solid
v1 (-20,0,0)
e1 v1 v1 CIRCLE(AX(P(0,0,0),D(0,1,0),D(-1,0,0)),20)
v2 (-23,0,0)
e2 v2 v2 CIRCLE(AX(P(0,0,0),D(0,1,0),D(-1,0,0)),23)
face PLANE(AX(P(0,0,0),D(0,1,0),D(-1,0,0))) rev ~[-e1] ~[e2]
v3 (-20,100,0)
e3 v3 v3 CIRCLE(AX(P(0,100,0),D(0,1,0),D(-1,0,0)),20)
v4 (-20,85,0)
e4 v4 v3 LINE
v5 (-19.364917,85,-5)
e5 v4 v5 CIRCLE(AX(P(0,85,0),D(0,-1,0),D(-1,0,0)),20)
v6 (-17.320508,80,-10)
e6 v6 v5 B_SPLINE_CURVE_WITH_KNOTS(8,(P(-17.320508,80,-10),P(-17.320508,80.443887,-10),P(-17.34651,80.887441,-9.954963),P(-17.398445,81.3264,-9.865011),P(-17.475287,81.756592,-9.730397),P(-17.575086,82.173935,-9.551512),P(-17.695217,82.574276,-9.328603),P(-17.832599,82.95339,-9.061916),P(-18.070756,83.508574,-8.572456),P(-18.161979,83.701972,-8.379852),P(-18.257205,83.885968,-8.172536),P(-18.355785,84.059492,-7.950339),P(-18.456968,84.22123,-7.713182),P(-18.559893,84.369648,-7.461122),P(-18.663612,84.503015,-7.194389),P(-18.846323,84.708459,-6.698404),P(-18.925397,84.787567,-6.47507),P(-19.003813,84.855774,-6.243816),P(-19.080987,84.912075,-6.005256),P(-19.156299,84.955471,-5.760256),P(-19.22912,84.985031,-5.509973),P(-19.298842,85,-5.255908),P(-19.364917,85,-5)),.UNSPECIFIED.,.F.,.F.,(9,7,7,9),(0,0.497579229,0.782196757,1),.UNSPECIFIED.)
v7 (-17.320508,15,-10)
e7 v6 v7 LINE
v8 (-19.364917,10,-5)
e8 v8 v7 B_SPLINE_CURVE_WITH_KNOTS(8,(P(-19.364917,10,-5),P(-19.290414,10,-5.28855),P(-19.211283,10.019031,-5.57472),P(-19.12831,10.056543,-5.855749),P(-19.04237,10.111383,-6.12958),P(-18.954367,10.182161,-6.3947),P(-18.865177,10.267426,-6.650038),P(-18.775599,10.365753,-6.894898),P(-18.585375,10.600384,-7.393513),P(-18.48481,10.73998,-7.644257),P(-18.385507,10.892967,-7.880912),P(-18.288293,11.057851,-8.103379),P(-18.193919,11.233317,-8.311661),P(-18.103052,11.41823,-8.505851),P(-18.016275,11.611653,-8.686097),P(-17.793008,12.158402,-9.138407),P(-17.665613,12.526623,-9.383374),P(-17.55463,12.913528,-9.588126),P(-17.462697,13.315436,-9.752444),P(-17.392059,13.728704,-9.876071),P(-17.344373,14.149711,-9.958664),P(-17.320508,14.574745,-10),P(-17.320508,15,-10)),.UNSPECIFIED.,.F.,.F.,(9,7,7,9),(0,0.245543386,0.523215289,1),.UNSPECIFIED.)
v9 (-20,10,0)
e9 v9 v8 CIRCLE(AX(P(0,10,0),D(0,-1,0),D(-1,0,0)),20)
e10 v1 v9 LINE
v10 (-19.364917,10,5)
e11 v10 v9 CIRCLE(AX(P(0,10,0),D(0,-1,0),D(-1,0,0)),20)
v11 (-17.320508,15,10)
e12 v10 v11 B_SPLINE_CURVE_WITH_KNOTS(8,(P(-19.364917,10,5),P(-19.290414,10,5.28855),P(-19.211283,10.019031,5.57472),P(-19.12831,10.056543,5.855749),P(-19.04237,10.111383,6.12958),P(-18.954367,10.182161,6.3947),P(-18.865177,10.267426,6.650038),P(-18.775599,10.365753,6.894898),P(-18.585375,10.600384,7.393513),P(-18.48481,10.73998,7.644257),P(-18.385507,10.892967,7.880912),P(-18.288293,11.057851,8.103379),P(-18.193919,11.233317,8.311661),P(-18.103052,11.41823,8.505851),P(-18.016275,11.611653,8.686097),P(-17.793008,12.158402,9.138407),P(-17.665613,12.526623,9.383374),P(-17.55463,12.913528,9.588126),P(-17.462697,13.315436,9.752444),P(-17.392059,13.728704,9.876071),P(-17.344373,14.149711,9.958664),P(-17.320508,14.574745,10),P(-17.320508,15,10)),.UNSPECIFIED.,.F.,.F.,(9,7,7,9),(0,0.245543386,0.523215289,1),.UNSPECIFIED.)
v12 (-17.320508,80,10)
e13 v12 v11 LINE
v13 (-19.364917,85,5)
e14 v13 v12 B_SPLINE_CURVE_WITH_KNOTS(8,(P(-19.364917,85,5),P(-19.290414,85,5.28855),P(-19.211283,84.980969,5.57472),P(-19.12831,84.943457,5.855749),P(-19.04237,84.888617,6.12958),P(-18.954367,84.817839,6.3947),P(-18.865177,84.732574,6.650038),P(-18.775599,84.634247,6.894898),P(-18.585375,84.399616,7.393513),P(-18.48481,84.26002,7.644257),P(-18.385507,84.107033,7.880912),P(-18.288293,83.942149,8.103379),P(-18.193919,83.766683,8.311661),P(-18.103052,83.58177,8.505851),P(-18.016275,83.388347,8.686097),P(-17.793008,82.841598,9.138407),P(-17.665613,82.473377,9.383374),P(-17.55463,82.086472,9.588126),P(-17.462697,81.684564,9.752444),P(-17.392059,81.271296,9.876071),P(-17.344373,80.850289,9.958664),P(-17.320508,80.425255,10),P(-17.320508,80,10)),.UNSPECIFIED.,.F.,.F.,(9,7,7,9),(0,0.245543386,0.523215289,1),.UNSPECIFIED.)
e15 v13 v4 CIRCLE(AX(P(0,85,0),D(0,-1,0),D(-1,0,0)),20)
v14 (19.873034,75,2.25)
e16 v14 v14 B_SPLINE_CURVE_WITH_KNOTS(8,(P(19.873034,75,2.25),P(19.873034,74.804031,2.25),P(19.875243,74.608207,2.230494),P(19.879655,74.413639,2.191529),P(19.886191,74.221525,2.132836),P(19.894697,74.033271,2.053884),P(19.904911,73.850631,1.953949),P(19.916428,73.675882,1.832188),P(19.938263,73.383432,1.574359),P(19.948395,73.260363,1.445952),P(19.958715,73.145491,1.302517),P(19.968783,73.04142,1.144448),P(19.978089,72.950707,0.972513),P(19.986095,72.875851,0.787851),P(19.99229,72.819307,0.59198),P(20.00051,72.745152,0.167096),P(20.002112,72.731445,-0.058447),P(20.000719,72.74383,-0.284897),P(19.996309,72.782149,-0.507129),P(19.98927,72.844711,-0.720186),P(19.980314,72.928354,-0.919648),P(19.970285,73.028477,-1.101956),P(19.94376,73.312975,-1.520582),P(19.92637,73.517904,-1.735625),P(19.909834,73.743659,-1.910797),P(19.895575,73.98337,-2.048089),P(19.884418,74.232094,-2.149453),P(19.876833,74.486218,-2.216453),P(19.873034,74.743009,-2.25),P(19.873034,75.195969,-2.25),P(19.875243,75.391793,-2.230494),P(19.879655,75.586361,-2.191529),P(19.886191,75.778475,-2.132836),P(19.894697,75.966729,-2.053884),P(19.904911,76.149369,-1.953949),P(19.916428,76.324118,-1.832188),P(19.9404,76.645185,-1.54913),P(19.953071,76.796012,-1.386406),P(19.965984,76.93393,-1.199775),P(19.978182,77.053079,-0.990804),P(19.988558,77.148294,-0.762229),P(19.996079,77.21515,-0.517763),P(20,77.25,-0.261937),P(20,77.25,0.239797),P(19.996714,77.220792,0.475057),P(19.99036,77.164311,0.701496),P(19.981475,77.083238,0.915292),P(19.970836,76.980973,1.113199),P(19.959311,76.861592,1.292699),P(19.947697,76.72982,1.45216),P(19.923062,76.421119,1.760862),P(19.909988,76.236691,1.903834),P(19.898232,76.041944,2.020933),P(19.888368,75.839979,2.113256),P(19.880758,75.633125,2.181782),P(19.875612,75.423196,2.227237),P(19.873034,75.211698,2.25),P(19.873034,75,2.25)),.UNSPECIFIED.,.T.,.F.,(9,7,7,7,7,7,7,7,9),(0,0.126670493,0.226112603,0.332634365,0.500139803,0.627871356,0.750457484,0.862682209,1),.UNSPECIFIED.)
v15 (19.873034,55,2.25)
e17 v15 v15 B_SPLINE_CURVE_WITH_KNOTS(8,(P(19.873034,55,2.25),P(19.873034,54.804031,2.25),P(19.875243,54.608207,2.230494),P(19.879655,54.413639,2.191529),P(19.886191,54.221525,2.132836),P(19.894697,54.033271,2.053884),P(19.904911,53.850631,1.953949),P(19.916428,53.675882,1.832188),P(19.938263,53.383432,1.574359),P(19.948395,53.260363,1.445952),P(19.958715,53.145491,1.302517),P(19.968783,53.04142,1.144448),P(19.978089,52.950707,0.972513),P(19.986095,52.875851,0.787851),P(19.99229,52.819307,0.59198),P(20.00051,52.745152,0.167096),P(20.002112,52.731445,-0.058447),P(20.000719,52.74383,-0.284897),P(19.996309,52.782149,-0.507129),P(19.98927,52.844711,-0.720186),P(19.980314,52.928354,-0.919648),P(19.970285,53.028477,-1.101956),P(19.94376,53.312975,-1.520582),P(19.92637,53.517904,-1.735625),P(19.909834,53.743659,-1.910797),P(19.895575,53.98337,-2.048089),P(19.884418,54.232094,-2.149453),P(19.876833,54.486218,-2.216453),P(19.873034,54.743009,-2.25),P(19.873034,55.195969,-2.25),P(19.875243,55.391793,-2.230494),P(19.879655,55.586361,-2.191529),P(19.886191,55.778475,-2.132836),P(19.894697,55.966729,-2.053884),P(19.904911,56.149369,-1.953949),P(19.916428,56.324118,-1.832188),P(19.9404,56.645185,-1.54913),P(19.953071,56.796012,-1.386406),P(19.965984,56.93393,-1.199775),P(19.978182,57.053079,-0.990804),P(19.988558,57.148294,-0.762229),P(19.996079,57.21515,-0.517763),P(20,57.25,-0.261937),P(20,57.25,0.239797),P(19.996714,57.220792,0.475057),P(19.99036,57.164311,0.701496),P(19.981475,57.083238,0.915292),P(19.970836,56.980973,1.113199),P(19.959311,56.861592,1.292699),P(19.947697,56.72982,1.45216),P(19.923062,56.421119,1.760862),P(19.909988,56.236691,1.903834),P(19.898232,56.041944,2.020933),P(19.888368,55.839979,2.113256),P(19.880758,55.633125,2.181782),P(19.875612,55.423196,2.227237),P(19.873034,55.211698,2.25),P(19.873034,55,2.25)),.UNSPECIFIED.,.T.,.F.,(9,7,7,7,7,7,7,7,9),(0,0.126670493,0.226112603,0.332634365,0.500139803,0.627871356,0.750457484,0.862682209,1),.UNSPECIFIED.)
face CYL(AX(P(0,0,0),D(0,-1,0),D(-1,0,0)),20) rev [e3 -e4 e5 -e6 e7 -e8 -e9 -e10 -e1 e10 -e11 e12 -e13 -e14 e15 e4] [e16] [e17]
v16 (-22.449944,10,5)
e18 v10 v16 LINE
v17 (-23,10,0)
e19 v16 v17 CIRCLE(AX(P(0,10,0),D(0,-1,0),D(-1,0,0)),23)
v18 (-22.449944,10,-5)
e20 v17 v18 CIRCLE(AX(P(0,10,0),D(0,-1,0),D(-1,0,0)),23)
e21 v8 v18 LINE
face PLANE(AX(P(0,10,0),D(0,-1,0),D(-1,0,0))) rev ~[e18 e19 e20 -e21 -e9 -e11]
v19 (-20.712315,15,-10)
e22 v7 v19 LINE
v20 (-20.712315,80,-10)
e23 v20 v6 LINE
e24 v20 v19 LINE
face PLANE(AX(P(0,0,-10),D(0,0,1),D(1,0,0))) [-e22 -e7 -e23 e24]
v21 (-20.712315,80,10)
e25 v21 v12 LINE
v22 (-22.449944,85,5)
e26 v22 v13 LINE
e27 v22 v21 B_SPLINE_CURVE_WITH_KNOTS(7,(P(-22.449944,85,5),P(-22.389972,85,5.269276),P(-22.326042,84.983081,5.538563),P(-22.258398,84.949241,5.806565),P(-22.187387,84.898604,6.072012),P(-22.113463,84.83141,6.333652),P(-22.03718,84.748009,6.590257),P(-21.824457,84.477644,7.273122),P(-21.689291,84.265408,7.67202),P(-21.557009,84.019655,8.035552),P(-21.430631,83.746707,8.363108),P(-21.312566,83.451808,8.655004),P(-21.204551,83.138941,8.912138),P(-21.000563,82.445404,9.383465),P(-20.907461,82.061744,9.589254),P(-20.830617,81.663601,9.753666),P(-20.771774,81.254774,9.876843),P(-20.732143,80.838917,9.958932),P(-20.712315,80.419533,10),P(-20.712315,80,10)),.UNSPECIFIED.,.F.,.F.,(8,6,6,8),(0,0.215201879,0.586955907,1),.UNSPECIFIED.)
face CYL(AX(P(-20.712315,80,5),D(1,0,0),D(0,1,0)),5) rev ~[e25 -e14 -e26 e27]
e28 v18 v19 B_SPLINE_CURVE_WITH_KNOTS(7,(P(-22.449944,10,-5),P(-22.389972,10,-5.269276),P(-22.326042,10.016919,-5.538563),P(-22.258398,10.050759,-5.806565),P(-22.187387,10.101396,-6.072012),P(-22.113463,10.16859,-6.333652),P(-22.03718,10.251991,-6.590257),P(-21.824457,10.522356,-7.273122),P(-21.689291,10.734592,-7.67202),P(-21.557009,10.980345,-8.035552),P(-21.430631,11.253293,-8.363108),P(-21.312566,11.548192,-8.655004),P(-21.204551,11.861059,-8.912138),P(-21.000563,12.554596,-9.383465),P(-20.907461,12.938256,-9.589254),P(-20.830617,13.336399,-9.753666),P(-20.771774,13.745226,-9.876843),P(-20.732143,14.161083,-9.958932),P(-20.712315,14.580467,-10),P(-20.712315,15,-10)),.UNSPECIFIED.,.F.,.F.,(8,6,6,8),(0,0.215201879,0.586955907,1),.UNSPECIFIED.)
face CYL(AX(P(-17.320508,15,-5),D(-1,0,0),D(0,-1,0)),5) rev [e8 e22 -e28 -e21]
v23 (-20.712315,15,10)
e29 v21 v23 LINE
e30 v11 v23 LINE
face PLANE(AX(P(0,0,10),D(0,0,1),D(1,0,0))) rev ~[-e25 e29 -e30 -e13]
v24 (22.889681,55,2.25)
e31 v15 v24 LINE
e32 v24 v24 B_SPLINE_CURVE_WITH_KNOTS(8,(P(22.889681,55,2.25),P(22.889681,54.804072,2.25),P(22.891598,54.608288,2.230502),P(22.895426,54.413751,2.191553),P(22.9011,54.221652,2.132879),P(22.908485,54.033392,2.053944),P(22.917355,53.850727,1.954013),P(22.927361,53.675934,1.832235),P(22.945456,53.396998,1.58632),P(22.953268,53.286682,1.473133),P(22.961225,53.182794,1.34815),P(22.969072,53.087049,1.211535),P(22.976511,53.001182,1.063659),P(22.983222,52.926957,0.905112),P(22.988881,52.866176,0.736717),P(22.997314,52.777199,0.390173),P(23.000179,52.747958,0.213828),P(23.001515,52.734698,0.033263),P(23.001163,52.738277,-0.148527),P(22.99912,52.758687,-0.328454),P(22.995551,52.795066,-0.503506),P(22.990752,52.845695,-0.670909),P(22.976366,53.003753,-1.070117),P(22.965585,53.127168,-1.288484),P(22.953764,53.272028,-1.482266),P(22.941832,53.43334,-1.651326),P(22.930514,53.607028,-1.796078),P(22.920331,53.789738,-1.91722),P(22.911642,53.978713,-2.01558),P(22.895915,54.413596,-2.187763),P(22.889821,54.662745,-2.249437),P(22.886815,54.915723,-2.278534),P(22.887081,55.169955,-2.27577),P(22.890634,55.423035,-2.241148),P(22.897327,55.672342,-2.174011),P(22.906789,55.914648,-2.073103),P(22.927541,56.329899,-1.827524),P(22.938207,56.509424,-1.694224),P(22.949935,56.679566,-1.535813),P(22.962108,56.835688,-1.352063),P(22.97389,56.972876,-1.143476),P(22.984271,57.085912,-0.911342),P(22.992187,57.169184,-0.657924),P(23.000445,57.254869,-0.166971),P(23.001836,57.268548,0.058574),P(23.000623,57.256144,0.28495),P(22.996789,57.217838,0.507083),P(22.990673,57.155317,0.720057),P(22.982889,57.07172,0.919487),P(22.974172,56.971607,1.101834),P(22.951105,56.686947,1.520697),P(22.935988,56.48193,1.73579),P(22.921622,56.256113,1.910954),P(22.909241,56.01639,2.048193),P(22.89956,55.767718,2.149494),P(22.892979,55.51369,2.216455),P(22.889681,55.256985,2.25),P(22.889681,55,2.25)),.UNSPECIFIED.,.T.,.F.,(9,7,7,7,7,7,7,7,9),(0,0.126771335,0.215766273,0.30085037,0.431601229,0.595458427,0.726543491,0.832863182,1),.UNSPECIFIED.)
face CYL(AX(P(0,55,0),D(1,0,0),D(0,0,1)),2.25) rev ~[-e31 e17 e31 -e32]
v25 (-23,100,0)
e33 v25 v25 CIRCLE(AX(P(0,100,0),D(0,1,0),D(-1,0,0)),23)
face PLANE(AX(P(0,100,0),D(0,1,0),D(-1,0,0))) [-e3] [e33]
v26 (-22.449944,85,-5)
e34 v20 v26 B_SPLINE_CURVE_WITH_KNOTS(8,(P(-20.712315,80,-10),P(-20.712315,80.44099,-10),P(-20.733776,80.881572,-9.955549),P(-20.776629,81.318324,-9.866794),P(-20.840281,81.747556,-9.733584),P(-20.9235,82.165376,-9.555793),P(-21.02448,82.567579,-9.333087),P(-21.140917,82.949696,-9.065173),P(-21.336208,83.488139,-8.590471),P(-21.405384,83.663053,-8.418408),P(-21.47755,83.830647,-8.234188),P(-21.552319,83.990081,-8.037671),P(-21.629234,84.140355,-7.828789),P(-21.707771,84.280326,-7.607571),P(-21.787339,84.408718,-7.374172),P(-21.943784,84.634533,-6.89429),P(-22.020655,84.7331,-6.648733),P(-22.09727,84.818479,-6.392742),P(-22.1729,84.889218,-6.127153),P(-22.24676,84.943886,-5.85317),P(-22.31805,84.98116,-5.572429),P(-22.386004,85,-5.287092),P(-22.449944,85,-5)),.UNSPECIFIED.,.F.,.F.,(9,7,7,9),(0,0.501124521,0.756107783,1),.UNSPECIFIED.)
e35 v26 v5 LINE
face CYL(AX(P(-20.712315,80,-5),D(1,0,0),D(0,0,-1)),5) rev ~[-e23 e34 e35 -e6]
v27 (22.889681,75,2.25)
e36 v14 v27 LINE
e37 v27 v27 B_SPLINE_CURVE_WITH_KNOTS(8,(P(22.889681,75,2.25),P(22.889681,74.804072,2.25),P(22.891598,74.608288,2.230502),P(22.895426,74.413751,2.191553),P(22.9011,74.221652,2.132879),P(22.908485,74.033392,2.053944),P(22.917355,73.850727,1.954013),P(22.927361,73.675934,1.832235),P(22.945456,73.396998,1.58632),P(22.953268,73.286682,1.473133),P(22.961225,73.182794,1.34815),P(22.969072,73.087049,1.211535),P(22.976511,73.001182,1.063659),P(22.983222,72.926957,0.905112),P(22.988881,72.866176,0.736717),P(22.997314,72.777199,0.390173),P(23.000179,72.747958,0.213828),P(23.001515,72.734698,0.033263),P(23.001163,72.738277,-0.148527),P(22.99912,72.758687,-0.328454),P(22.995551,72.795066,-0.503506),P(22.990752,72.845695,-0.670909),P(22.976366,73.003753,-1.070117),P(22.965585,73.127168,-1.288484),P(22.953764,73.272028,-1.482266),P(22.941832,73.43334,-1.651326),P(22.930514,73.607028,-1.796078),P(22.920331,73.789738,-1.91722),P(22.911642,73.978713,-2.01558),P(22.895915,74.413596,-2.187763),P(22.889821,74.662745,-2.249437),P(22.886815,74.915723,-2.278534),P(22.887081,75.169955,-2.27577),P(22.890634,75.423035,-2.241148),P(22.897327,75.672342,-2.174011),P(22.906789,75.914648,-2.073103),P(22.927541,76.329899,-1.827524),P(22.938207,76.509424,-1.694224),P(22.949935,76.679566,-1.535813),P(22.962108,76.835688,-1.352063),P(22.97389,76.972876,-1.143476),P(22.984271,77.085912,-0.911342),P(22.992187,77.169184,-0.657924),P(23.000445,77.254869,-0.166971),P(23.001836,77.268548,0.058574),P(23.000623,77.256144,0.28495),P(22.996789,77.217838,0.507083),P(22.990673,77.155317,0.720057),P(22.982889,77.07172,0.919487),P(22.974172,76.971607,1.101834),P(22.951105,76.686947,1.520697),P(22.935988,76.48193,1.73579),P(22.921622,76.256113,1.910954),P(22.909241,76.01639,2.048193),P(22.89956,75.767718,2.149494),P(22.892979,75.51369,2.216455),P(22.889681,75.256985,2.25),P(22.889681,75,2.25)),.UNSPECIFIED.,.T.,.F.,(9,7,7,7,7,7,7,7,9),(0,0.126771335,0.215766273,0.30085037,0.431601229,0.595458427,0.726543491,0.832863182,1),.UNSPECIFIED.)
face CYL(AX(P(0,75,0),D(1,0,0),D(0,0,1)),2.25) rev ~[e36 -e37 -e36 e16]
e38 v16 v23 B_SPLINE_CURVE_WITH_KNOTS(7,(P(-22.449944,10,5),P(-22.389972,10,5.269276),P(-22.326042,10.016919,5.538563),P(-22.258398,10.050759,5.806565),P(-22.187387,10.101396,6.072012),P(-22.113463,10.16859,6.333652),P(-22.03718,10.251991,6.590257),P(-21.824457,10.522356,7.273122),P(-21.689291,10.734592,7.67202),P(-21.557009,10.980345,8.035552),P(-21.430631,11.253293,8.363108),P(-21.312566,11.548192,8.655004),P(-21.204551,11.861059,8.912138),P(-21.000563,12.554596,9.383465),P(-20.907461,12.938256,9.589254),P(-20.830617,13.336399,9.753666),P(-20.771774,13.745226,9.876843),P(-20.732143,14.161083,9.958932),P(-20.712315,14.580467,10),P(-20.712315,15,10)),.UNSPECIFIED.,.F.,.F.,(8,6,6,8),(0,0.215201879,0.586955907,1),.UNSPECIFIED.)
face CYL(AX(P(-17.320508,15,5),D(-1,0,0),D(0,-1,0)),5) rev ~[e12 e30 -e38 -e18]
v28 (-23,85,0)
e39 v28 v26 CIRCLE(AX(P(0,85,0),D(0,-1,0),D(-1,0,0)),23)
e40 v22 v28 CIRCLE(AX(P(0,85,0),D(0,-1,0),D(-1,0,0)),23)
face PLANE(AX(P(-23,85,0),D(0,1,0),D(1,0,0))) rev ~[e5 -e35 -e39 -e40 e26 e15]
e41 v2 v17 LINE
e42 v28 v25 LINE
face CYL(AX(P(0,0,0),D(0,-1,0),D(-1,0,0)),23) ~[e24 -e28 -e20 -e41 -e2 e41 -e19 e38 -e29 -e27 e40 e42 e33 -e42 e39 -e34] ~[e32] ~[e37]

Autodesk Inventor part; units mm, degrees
ref_plane "YZ Plane" through (0, 0, 0) normal (1, 0, 0) x (0, 1, 0)
ref_plane "XZ Plane" through (0, 0, 0) normal (0, 1, 0) x (-1, 0, 0)
ref_plane "XY Plane" through (0, 0, 0) normal (0, 0, 1) x (1, 0, 0)
sketch "Sketch1" plane through (0, 0, 0) normal (0, 1, 0) x (-1, 0, 0)
  circle A0 centre (0, 0) radius 23
  circle A1 centre (0, 0) radius 20
  dimension "d0" = 3
  dimension "d1" = 40
extrude "Extrusion1" add sketch "Sketch1" along normal blind 100
sketch "Sketch2" plane through (0, 0, 0) normal (0, 0, 1) x (1, 0, 0)
  line L0 (-23, 85) -> (0, 85)
  line L1 (0, 85) -> (0, 10)
  line L2 (0, 10) -> (-23, 10)
  line L3 (-23, 10) -> (-23, 85)
  line L4 (23, 100) -> (-23, 100) projected
  line L5 (-23, 0) -> (23, 0) projected
  point P0 (0, 0)
  dimension "d4" = 75
  dimension "d5" = 10
extrude "Extrusion2" cut sketch "Sketch2" along normal mid plane 20
fillet "Fillet1" radius 5 4 edges at (-19.0164, 85, -10) (-19.0164, 85, 10) (-19.0164, 10, 10) (-19.0164, 10, -10)
sketch "Sketch3" plane through (0, 0, 0) normal (1, 0, 0) x (0, 1, 0)
  line L0 (-20, 0) -> (120, 0) projected
  line L1 (85, -5) -> (85, 5) projected
  point P0 (0, 0)
  point P1 (75, 0)
  point P2 (55, 0)
  dimension "d9" = 20
  dimension "d10" = 10
hole "Hole1" at (0, 75, 0) at (0, 55, 0) direction (1, 0, 0) diameter 4.5 end through all clearance for "Socket Head Cap Screw" size "M4" standard "Ansi Metric M Profile"
properties part number "Timing_PVC Pipe"
